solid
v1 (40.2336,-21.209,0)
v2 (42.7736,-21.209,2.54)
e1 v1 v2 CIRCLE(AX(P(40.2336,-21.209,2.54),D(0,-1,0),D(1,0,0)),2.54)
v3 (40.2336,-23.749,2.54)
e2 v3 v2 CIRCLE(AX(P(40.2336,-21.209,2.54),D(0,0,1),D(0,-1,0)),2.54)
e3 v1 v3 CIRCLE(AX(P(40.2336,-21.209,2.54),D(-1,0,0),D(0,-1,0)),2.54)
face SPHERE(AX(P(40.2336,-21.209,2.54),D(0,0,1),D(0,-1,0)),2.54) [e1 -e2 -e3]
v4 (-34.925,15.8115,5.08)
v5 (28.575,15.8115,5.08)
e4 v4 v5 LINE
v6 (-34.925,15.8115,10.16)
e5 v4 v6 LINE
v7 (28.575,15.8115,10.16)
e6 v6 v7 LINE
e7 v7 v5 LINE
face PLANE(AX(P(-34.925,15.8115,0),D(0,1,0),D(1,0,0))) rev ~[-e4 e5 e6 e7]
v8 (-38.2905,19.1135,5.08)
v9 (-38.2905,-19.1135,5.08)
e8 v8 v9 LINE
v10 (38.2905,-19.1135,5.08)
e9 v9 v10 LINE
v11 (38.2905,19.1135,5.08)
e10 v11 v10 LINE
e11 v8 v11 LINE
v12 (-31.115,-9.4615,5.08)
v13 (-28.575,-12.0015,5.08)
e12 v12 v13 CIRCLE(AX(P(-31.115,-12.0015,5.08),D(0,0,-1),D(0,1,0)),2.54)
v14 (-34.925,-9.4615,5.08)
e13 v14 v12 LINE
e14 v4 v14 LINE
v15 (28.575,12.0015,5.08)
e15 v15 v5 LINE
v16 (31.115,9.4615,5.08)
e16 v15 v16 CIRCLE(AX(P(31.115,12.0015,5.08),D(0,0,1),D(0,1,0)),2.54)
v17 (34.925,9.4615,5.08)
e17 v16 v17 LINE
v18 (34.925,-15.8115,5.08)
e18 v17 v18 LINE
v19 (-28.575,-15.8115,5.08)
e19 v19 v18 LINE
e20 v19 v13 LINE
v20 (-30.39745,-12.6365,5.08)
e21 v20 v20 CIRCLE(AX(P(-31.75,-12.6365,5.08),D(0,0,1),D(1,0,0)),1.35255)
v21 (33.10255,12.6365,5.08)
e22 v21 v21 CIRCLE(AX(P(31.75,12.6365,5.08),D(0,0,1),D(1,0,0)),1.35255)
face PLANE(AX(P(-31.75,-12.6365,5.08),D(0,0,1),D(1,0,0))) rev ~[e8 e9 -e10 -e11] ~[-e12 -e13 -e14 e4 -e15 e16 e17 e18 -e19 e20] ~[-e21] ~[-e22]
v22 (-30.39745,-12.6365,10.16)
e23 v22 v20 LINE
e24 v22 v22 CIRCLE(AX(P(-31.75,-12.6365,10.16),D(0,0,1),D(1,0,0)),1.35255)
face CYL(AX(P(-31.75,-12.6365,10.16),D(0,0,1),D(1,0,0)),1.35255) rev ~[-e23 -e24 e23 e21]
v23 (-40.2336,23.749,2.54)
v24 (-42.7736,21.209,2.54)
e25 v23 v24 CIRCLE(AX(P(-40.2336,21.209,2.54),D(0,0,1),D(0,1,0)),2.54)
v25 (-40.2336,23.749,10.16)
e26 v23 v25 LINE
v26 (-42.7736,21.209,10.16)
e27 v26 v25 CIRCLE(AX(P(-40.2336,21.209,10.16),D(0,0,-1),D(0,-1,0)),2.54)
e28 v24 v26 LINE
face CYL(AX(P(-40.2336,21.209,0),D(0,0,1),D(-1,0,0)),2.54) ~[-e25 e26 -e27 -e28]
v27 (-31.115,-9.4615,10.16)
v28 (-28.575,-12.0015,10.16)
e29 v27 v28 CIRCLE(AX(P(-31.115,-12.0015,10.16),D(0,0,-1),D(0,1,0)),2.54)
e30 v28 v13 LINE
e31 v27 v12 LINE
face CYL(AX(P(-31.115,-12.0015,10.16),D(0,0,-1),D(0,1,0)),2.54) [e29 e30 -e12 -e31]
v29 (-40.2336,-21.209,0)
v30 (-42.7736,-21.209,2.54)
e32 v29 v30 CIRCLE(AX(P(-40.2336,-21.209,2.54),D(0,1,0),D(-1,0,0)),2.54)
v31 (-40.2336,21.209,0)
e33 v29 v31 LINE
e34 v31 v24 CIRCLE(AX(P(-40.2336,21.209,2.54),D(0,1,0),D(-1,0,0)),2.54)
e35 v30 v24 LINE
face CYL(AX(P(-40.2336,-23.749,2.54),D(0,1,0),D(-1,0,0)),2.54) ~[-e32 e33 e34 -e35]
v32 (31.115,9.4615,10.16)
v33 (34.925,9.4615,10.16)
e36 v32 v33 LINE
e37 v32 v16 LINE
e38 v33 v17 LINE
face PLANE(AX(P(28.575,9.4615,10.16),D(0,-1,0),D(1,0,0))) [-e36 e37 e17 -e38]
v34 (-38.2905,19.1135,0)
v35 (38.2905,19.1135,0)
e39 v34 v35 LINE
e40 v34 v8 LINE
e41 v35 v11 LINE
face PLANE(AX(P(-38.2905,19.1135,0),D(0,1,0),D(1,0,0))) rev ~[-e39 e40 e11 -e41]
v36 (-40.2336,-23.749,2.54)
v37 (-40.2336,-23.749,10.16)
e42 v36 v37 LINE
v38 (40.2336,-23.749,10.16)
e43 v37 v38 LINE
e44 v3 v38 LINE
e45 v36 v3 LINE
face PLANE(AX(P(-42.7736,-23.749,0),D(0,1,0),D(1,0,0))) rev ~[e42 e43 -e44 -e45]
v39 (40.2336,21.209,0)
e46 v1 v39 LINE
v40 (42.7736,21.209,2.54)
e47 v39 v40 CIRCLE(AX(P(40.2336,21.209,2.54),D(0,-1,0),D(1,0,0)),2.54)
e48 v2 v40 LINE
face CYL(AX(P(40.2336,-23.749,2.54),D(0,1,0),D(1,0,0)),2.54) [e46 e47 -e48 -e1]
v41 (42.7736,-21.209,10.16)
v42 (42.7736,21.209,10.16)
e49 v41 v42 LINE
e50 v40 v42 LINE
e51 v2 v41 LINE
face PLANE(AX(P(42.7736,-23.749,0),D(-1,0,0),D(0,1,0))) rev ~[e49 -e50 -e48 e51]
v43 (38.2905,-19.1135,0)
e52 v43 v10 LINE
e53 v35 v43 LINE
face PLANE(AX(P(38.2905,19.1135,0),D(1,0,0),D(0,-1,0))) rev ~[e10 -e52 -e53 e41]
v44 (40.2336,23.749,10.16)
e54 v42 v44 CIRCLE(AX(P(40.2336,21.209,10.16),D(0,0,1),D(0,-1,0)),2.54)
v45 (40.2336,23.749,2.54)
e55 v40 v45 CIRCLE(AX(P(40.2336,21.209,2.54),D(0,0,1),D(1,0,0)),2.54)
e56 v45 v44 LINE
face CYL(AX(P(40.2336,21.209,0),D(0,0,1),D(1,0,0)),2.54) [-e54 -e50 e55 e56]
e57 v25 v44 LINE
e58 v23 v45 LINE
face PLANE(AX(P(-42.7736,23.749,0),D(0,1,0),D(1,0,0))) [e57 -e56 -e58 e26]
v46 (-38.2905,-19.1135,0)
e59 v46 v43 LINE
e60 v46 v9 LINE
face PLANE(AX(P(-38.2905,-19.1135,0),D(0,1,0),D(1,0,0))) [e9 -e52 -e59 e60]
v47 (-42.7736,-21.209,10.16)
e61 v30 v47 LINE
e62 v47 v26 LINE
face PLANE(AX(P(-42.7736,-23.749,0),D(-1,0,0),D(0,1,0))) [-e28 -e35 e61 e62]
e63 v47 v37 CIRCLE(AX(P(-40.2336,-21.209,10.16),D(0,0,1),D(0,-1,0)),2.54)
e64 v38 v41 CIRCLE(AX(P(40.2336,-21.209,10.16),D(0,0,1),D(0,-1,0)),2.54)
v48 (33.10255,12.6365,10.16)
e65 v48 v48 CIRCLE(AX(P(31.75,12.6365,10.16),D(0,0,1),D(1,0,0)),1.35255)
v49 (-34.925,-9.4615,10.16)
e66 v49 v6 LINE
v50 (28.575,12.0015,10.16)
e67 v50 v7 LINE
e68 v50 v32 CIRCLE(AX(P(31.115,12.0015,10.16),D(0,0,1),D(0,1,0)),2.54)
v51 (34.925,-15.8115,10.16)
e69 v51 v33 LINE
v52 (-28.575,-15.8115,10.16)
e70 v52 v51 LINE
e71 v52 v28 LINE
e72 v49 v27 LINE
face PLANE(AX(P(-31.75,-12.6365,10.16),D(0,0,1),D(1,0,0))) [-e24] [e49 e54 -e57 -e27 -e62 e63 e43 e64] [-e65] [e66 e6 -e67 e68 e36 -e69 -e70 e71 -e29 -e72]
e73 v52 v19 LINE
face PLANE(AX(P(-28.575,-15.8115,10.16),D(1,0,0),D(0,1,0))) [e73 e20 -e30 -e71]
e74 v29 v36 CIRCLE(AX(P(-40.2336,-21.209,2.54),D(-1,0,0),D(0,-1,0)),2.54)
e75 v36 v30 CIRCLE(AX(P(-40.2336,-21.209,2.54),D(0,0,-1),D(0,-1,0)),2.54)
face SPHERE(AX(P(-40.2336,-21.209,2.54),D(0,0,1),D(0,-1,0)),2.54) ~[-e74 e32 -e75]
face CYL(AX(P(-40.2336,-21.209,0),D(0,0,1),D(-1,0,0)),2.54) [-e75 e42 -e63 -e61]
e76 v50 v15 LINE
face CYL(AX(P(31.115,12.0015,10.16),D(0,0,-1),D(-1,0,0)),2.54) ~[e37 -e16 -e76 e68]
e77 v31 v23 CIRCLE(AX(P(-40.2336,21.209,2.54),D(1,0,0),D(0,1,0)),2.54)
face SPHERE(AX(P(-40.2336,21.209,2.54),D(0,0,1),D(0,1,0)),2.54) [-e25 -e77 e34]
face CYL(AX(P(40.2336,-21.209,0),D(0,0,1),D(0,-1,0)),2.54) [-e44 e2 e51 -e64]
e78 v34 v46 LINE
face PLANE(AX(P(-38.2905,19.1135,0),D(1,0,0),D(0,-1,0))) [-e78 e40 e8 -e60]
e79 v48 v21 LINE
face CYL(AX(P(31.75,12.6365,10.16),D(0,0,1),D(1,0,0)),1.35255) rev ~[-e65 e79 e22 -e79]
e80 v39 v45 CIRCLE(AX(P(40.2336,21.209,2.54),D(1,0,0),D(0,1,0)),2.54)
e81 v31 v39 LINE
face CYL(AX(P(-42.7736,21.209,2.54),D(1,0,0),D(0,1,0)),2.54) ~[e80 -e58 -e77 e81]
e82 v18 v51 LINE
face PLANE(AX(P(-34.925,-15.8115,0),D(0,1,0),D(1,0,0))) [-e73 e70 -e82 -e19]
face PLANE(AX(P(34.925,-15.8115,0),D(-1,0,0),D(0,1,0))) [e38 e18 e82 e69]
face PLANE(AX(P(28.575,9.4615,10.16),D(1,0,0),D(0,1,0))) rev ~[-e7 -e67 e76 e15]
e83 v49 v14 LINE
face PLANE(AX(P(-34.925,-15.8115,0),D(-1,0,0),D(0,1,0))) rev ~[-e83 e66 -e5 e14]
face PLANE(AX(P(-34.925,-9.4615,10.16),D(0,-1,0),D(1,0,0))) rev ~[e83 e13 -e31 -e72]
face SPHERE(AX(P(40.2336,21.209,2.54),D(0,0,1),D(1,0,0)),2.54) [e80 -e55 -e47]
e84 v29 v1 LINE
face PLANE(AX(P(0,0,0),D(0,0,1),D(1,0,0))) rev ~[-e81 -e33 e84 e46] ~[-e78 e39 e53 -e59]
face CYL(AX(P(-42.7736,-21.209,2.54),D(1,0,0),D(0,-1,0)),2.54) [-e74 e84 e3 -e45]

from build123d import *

# Parameters (mm, degrees)
F0_W     = 85.5472
F0_H     = 47.498
F0_W_2   = 69.85
F0_H_2   = 31.623
F1_DEPTH = 10.16
F2_W     = 6.35
F2_H     = 6.35
F2_R     = 1.35255
F3_DEPTH = 5.08
F4_R     = 2.54
F5_W     = 76.581
F5_H     = 38.227
F5_W_2   = 69.85
F5_H_2   = 31.623
F6_DEPTH = 5.08
F7_R     = 2.54


with BuildPart() as f1:
    # F0 (on Top) → F1 (new body)
    with BuildSketch(Plane.XY):
        Rectangle(F0_W, F0_H)
        Rectangle(F0_W_2, F0_H_2, mode=Mode.SUBTRACT)
    extrude(amount=F1_DEPTH)

    # F2 (on face) → F3 (join)
    with BuildSketch(Plane.XY.offset(10.16)):
        with Locations((-31.75, -12.6365)):
            Rectangle(F2_W, F2_H)
        with Locations((-31.75, -12.6365)):
            Circle(F2_R, mode=Mode.SUBTRACT)
        with Locations((31.75, 12.6365)):
            Rectangle(F2_W, F2_H)
        with Locations((31.75, 12.6365)):
            Circle(F2_R, mode=Mode.SUBTRACT)
    extrude(amount=-F3_DEPTH)

    # F4
    f4_edges = [f1.edges().sort_by_distance(p)[0] for p in [
        (28.575, 9.4615, 7.62),
        (-28.575, -9.4615, 7.62),
    ]]
    fillet(f4_edges, radius=F4_R)

    # F5 (on face) → F6 (cut)
    with BuildSketch(Plane(origin=(0, 0, 0), x_dir=(1, 0, 0), z_dir=(0, 0, -1))):
        Rectangle(F5_W, F5_H)
        Rectangle(F5_W_2, F5_H_2, mode=Mode.SUBTRACT)
    extrude(amount=-F6_DEPTH, mode=Mode.SUBTRACT)

    # F7
    f7_edges = [f1.edges().sort_by_distance(p)[0] for p in [
        (42.7736, -23.749, 5.08),
        (42.7736, 23.749, 5.08),
        (-42.7736, -23.749, 5.08),
        (-42.7736, 23.749, 5.08),
        (0, -23.749, 0),
        (42.7736, 0, 0),
        (0, 23.749, 0),
        (-42.7736, 0, 0),
    ]]
    fillet(f7_edges, radius=F7_R)


solid = f1.part
